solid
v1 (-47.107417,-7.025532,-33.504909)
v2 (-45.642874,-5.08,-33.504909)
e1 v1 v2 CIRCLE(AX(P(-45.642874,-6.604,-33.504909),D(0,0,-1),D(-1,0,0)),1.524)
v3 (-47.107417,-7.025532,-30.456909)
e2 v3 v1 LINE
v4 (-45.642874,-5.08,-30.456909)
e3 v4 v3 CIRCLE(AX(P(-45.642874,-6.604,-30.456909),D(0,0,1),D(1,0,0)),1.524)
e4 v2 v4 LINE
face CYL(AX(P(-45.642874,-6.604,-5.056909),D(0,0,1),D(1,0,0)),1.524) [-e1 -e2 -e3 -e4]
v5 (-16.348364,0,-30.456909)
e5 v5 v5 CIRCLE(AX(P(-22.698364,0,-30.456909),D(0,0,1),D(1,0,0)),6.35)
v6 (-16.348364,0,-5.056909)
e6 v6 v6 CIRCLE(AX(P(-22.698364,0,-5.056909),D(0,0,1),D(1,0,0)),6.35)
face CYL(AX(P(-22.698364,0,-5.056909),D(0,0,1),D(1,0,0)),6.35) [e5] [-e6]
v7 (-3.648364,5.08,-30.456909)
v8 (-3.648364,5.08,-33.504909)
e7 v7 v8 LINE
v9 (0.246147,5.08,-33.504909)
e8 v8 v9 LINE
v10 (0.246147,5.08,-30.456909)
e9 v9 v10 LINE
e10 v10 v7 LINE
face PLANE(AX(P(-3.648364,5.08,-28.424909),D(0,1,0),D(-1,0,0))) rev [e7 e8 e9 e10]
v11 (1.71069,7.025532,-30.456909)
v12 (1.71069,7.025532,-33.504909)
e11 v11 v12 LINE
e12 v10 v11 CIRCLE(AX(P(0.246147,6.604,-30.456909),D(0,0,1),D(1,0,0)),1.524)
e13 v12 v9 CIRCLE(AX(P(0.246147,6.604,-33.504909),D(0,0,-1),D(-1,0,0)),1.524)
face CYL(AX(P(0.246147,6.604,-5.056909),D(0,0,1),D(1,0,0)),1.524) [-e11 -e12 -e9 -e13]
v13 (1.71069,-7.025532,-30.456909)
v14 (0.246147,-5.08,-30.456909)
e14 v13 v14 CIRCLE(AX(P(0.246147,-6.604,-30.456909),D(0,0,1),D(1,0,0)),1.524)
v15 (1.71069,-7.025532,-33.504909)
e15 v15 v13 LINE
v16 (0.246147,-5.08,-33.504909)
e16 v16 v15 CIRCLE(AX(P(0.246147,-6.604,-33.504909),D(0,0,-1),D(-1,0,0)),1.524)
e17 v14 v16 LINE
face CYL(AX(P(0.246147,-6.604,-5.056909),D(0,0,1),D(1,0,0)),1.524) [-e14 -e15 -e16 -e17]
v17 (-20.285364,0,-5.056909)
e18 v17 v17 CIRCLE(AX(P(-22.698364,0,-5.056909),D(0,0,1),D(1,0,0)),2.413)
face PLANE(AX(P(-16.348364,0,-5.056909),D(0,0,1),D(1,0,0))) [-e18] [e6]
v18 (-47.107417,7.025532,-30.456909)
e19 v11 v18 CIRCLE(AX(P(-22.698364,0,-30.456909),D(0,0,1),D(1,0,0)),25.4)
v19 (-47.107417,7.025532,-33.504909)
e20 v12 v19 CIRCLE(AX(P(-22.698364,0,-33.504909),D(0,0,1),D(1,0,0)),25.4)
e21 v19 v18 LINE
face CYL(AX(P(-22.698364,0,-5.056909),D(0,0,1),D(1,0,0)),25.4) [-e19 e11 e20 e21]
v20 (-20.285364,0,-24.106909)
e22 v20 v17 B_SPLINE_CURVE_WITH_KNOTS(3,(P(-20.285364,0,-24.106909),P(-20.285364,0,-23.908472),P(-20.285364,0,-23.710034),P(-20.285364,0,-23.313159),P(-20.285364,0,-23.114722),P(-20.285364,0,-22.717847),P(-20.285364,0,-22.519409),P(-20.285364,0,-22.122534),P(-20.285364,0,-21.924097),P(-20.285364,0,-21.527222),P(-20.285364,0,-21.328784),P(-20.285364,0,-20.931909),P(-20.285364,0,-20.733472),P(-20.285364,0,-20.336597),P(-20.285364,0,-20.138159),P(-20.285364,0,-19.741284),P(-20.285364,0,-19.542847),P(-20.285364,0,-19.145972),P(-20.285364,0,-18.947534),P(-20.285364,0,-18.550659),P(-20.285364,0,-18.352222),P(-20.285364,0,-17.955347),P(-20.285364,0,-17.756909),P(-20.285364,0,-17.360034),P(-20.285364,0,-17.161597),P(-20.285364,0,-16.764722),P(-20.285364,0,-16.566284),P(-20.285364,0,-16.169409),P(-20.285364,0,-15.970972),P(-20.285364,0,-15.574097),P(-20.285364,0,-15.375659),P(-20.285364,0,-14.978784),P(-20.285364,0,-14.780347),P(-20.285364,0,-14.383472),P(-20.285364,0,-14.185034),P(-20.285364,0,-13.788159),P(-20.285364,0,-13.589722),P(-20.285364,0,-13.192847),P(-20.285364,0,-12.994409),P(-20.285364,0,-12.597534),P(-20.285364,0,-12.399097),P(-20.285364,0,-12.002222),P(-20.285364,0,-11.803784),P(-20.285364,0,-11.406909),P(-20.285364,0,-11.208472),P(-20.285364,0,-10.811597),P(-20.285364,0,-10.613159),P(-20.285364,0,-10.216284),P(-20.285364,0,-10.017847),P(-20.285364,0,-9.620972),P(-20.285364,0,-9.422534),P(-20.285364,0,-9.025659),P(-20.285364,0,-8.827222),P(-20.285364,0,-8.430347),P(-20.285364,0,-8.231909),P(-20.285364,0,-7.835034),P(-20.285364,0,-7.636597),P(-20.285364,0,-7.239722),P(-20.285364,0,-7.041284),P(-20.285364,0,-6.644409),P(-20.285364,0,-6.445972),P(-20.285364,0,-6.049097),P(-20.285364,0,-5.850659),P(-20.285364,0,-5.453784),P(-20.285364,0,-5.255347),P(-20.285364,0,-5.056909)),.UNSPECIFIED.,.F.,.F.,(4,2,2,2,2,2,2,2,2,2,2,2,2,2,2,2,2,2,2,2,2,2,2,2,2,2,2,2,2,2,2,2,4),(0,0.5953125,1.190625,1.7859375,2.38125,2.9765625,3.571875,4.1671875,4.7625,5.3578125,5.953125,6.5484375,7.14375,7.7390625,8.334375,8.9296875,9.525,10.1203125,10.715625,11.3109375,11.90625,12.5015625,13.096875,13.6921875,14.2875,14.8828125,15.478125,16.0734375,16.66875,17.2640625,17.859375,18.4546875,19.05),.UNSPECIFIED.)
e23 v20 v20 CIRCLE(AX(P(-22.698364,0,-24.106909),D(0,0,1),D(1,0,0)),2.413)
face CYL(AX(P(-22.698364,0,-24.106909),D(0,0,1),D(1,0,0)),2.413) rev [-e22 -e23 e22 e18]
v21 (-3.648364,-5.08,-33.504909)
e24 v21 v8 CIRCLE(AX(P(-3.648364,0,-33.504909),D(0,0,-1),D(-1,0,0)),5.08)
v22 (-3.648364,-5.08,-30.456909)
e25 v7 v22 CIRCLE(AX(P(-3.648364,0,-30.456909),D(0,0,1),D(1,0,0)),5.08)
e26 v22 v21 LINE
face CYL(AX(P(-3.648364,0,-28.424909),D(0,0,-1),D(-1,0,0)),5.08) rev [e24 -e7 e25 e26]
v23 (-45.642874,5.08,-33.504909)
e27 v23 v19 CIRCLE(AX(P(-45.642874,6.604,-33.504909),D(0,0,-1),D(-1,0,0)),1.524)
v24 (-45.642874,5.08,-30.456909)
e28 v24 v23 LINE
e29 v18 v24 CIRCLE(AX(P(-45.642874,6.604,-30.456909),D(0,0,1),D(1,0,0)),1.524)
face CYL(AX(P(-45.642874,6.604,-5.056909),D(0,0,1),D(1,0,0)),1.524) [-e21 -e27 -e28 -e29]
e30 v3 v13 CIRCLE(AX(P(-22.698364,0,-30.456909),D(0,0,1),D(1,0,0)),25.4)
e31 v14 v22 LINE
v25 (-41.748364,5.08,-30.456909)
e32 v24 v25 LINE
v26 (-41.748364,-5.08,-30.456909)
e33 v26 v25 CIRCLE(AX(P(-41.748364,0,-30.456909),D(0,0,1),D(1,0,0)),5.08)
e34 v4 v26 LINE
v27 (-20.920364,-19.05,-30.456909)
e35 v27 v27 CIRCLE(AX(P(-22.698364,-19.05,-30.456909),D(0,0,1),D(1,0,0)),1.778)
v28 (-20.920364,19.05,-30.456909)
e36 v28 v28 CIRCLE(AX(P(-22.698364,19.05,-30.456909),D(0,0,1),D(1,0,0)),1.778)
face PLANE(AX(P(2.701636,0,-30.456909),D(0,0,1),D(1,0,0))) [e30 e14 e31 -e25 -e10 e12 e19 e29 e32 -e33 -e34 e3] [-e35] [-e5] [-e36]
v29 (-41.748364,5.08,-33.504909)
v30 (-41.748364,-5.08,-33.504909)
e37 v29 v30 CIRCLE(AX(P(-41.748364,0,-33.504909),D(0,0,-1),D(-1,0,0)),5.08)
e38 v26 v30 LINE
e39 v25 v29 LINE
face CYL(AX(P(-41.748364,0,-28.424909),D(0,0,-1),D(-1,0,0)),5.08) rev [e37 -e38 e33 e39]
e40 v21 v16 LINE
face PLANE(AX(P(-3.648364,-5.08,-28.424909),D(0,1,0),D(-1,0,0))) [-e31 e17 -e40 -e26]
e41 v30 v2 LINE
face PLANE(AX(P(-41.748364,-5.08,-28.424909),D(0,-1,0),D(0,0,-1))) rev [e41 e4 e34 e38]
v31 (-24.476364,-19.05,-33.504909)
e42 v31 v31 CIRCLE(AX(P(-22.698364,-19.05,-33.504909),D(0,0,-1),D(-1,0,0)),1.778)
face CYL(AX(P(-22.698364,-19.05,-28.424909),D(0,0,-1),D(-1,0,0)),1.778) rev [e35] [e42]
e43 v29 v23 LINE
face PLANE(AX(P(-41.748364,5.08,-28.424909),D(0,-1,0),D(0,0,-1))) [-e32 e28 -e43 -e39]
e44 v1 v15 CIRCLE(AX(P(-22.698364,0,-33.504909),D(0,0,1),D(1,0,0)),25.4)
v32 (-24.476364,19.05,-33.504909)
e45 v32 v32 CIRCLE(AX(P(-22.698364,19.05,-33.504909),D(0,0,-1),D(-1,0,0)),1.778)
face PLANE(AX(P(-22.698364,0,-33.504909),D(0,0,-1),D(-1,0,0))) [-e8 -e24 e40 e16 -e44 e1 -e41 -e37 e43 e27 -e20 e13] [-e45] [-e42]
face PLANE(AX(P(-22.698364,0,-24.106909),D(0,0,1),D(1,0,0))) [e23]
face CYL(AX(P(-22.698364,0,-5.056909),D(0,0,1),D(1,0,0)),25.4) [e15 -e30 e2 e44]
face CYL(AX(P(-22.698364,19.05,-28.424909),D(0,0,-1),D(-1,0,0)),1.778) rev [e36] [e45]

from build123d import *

# Parameters (mm, degrees)
CUT_EXTRUDE2_START = -5.08
SKETCH2_R          = 1.778
CUT_EXTRUDE2_DEPTH = 5.08
SKETCH4_R          = 2.413
CUT_EXTRUDE3_DEPTH = 19.05
FILLET1_R          = 1.524


with BuildPart() as part:
    # Sketch1 → Revolve1 (revolve)
    with BuildSketch(Plane(origin=(0, 0, 0), x_dir=(1, 0, 0), z_dir=(0, 1, 0))):
        Polygon((2.701636364, 33.504909091), (2.701636364, 30.456909091), (-16.348363636, 30.456909091), (-16.348363636, 5.056909091), (-22.698363636, 5.056909091), (-22.698363636, 33.504909091), align=None)
    revolve(axis=Axis((-22.698363636, 0, -5.056909091), (0, 0, -1)))

    # Sketch2 → Cut-Extrude2 (cut)
    with BuildSketch(Plane(origin=(0, 0, -33.504909091), x_dir=(-1, 0, 0), z_dir=(0, 0, -1)).offset(CUT_EXTRUDE2_START)):
        with Locations((22.698363636, -19.05)):
            Circle(SKETCH2_R)
        with Locations((22.698363636, 19.05)):
            Circle(SKETCH2_R)
        with BuildLine():
            Line((41.748363636, -5.08), (47.585179423, -5.08))
            ThreePointArc((47.585179423, -5.08), (48.098363636, 0), (47.585179423, 5.08))
            Line((47.585179423, 5.08), (41.748363636, 5.08))
            ThreePointArc((41.748363636, 5.08), (36.668363636, 0), (41.748363636, -5.08))
        make_face()
        with BuildLine():
            Line((3.648363636, 5.08), (-2.18845215, 5.08))
            ThreePointArc((-2.18845215, 5.08), (-2.701636364, 0), (-2.18845215, -5.08))
            Line((-2.18845215, -5.08), (3.648363636, -5.08))
            ThreePointArc((3.648363636, -5.08), (8.728363636, 0), (3.648363636, 5.08))
        make_face()
    extrude(amount=CUT_EXTRUDE2_DEPTH, mode=Mode.SUBTRACT)

    # Sketch4 → Cut-Extrude3 (cut)
    with BuildSketch(Plane.XY.offset(-5.056909091)):
        with Locations((-22.698363636, 0)):
            Circle(SKETCH4_R)
    extrude(amount=-CUT_EXTRUDE3_DEPTH, mode=Mode.SUBTRACT)

    # Fillet1
    fillet1_edges = [part.edges().sort_by_distance(p)[0] for p in [
        (-47.585179423, 5.08, -31.980909091),
        (-47.585179423, -5.08, -31.980909091),
        (2.18845215, -5.08, -31.980909091),
        (2.18845215, 5.08, -31.980909091),
    ]]
    fillet(fillet1_edges, radius=FILLET1_R)


solid = part.part
